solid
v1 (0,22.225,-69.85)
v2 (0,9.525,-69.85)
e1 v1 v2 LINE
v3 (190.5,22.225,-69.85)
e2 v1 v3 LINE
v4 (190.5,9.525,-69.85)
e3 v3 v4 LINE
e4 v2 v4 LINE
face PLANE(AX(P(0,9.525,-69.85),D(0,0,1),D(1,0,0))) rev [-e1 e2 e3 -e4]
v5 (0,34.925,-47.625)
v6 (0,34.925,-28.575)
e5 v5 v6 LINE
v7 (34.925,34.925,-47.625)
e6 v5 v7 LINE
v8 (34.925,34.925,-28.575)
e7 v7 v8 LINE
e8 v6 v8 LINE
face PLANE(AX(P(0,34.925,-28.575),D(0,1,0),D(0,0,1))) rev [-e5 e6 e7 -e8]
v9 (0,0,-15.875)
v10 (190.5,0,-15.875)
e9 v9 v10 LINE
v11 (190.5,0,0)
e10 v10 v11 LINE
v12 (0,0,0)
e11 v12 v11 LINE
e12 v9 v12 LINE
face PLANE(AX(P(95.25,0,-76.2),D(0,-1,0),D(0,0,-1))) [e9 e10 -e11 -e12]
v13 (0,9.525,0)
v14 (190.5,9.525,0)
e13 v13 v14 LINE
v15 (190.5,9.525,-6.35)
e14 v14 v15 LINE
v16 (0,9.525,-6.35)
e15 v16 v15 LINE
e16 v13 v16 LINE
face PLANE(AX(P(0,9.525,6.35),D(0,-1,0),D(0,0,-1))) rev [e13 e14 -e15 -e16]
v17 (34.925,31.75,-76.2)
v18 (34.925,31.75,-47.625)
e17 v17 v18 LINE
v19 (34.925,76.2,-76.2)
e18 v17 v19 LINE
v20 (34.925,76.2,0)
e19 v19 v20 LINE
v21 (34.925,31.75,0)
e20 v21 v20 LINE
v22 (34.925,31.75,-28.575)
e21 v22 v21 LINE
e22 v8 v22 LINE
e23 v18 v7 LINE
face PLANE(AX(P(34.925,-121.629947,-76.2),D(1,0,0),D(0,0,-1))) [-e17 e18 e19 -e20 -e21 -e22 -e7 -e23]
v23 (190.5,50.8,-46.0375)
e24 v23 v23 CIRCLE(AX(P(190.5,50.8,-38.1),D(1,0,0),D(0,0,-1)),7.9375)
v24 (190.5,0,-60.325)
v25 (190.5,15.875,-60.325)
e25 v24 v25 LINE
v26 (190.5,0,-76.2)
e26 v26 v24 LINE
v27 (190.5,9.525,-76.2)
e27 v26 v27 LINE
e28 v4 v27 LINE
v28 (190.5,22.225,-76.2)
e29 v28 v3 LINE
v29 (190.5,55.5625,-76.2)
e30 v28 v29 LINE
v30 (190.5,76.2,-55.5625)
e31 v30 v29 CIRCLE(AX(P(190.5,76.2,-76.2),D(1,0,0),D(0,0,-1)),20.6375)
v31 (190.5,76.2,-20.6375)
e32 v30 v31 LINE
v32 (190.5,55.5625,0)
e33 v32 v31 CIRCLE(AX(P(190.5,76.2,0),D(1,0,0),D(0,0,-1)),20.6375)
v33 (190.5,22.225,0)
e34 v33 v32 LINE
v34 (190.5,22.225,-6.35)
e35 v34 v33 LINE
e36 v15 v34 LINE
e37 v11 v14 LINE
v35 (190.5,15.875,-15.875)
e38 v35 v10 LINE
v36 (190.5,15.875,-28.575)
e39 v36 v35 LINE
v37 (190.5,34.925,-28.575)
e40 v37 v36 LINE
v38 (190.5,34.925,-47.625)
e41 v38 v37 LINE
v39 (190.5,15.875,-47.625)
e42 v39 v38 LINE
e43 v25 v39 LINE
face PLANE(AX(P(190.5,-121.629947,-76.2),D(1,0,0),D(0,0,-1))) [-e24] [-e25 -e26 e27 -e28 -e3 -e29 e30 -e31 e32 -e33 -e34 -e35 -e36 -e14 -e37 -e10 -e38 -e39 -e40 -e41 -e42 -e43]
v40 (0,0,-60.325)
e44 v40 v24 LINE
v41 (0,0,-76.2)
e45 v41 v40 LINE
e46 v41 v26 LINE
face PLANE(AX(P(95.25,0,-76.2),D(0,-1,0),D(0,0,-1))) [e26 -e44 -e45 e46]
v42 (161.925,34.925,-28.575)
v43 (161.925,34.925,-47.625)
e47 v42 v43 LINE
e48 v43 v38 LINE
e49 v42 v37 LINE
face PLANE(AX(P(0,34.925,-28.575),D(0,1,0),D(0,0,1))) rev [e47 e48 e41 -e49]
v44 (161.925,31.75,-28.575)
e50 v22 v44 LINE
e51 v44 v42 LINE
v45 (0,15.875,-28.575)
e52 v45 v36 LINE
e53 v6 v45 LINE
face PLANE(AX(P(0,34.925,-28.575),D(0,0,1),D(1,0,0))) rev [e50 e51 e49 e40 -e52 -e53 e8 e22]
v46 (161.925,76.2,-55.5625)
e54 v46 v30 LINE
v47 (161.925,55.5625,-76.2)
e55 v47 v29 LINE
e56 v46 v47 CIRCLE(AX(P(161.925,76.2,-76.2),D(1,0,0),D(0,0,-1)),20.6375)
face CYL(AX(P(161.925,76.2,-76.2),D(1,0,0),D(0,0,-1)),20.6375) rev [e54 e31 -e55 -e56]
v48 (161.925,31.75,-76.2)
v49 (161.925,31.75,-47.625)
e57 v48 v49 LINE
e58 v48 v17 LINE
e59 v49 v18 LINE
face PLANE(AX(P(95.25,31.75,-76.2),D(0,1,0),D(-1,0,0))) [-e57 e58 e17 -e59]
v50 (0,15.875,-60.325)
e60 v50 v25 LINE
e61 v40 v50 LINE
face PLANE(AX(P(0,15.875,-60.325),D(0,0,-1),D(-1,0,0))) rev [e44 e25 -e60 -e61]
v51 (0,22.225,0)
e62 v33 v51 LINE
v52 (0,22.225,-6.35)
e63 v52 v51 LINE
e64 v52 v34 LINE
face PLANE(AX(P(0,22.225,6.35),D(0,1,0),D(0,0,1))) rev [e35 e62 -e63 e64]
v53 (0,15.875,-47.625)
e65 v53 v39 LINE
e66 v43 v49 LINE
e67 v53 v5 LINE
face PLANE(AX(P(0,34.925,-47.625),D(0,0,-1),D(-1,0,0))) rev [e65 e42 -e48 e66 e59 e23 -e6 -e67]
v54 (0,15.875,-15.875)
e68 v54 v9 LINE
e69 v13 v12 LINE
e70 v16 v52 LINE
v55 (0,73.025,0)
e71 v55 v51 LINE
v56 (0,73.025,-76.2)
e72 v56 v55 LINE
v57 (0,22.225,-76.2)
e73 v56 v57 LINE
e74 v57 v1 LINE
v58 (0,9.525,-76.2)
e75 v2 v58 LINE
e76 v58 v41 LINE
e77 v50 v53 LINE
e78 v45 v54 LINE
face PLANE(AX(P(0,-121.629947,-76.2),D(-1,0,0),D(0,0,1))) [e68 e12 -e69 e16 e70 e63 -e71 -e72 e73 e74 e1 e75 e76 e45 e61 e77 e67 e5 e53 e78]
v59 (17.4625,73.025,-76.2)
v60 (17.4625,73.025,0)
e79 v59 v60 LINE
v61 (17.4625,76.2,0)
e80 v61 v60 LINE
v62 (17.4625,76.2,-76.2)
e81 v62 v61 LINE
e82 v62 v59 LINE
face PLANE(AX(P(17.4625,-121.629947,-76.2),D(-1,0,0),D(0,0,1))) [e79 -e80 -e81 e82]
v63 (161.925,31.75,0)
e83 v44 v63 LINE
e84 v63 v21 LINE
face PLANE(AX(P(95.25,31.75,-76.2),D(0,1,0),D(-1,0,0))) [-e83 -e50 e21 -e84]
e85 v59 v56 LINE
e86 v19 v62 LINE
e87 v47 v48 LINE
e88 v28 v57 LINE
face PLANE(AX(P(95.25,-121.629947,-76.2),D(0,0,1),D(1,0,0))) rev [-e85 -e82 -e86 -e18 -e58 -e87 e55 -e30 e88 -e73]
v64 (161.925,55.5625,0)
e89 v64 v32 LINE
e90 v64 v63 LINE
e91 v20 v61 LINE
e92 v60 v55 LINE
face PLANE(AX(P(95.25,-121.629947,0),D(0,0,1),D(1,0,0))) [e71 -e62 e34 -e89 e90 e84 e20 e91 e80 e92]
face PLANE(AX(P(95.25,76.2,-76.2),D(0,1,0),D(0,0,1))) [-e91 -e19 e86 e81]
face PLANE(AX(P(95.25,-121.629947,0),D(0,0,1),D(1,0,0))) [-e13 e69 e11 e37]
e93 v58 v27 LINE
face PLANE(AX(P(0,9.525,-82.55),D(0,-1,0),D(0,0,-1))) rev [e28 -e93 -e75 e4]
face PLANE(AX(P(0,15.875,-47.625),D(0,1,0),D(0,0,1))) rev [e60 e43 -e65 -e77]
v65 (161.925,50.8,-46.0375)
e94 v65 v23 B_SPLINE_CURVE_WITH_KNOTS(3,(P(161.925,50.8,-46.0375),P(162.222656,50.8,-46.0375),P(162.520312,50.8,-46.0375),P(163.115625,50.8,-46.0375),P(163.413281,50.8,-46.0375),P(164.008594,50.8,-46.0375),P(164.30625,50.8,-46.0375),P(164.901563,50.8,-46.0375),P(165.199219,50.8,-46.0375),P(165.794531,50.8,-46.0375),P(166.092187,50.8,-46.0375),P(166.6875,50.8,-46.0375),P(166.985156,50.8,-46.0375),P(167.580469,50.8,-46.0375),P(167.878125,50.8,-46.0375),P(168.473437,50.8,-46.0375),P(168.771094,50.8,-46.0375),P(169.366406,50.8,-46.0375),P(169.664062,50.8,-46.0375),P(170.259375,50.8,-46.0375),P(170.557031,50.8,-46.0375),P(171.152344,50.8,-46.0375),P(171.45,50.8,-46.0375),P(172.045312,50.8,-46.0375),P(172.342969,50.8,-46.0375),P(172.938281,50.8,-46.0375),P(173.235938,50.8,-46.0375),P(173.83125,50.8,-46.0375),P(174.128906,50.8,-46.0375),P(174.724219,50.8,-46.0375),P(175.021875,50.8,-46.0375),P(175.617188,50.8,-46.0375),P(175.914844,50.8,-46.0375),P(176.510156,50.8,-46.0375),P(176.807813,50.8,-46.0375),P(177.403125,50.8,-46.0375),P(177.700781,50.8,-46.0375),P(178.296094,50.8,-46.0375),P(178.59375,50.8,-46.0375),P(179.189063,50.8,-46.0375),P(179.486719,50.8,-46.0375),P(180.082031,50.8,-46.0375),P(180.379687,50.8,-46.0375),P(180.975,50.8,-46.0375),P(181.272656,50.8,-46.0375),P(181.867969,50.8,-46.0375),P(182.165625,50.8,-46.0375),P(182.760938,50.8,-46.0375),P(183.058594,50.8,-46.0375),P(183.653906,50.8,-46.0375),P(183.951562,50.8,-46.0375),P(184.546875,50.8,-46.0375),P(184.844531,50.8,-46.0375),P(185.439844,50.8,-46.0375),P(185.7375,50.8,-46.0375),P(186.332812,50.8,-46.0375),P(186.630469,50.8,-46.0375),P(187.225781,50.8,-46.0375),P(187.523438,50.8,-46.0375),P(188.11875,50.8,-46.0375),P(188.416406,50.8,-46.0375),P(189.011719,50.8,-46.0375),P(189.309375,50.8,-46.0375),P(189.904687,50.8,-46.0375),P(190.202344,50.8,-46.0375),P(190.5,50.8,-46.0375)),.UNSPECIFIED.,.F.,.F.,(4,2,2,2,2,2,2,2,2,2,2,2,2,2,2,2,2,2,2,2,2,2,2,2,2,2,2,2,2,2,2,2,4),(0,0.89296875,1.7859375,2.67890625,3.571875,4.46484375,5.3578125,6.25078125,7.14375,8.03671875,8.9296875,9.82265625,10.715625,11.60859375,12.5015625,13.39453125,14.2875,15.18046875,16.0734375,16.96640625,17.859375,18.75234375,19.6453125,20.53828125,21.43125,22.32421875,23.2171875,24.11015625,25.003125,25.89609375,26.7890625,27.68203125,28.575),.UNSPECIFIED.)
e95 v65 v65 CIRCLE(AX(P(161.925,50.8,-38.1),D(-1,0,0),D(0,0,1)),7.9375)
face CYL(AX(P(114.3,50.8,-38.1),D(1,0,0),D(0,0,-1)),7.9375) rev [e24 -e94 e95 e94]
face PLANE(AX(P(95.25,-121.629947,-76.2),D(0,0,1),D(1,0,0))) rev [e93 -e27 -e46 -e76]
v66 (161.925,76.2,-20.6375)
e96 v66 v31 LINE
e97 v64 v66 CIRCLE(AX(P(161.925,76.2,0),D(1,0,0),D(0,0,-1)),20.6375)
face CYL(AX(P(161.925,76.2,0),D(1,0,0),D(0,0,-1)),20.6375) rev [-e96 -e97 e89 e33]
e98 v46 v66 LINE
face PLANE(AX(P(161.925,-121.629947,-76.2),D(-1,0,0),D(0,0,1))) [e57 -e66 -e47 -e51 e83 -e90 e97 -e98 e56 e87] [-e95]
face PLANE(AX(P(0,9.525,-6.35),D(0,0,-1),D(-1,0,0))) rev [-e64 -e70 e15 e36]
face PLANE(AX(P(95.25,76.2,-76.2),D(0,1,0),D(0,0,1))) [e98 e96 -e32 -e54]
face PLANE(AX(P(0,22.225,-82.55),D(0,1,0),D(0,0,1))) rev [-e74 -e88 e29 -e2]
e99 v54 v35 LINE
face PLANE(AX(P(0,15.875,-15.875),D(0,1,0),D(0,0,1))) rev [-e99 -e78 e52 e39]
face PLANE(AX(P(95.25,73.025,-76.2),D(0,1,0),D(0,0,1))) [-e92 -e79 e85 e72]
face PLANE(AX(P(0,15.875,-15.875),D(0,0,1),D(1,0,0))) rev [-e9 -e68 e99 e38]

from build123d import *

# Parameters (mm, degrees)
EXTRUDE1_DEPTH = 76.2
EXTRUDE2_DEPTH = 28.575
SKETCH4_R      = 7.9375
EXTRUDE3_DEPTH = 76.2
EXTRUDE4_DEPTH = 219.867836833
SKETCH6_W      = 12.7
SKETCH6_H      = 12.7
EXTRUDE5_DEPTH = 219.867836833


with BuildPart() as part:
    # Sketch2 → Extrude1 (new body)
    with BuildSketch(Plane.XY):
        Polygon((17.4625, 76.2), (17.4625, 73.025), (0, 73.025), (0, 0), (190.5, 0), (190.5, 76.2), (161.925, 76.2), (161.925, 31.75), (34.925, 31.75), (34.925, 76.2), align=None)
    extrude(amount=-EXTRUDE1_DEPTH)

    # Sketch3 → Extrude2 (cut)
    with BuildSketch(Plane(origin=(190.5, 0, 0), x_dir=(0, 0, -1), z_dir=(1, 0, 0))):
        with BuildLine():
            Line((0, 55.5625), (0, 76.2))
            Line((0, 76.2), (20.6375, 76.2))
            ThreePointArc((20.6375, 76.2), (14.592916197, 61.607083803), (0, 55.5625))
        make_face()
        with BuildLine():
            Line((76.2, 76.2), (55.5625, 76.2))
            ThreePointArc((55.5625, 76.2), (61.607083803, 61.607083803), (76.2, 55.5625))
            Line((76.2, 55.5625), (76.2, 76.2))
        make_face()
    extrude(amount=-EXTRUDE2_DEPTH, mode=Mode.SUBTRACT)

    # Sketch4 → Extrude3 (cut)
    with BuildSketch(Plane(origin=(190.5, 0, 0), x_dir=(0, 0, -1), z_dir=(1, 0, 0))):
        with Locations((38.1, 50.8)):
            Circle(SKETCH4_R)
    extrude(amount=-EXTRUDE3_DEPTH, mode=Mode.SUBTRACT)

    # Sketch5 → Extrude4 (cut, through all)
    with BuildSketch(Plane(origin=(190.5, 0, 0), x_dir=(0, 0, -1), z_dir=(1, 0, 0))):
        Polygon((15.875, 15.875), (28.575, 15.875), (28.575, 34.925), (47.625, 34.925), (47.625, 15.875), (60.325, 15.875), (60.325, 0), (15.875, 0), align=None)
    extrude(amount=-EXTRUDE4_DEPTH, mode=Mode.SUBTRACT)

    # Sketch6 → Extrude5 (cut, through all)
    with BuildSketch(Plane(origin=(190.5, 0, 0), x_dir=(0, 0, -1), z_dir=(1, 0, 0))):
        with Locations((0, 15.875)):
            Rectangle(SKETCH6_W, SKETCH6_H)
        with Locations((76.2, 15.875)):
            Rectangle(SKETCH6_W, SKETCH6_H)
    extrude(amount=-EXTRUDE5_DEPTH, mode=Mode.SUBTRACT)


solid = part.part
